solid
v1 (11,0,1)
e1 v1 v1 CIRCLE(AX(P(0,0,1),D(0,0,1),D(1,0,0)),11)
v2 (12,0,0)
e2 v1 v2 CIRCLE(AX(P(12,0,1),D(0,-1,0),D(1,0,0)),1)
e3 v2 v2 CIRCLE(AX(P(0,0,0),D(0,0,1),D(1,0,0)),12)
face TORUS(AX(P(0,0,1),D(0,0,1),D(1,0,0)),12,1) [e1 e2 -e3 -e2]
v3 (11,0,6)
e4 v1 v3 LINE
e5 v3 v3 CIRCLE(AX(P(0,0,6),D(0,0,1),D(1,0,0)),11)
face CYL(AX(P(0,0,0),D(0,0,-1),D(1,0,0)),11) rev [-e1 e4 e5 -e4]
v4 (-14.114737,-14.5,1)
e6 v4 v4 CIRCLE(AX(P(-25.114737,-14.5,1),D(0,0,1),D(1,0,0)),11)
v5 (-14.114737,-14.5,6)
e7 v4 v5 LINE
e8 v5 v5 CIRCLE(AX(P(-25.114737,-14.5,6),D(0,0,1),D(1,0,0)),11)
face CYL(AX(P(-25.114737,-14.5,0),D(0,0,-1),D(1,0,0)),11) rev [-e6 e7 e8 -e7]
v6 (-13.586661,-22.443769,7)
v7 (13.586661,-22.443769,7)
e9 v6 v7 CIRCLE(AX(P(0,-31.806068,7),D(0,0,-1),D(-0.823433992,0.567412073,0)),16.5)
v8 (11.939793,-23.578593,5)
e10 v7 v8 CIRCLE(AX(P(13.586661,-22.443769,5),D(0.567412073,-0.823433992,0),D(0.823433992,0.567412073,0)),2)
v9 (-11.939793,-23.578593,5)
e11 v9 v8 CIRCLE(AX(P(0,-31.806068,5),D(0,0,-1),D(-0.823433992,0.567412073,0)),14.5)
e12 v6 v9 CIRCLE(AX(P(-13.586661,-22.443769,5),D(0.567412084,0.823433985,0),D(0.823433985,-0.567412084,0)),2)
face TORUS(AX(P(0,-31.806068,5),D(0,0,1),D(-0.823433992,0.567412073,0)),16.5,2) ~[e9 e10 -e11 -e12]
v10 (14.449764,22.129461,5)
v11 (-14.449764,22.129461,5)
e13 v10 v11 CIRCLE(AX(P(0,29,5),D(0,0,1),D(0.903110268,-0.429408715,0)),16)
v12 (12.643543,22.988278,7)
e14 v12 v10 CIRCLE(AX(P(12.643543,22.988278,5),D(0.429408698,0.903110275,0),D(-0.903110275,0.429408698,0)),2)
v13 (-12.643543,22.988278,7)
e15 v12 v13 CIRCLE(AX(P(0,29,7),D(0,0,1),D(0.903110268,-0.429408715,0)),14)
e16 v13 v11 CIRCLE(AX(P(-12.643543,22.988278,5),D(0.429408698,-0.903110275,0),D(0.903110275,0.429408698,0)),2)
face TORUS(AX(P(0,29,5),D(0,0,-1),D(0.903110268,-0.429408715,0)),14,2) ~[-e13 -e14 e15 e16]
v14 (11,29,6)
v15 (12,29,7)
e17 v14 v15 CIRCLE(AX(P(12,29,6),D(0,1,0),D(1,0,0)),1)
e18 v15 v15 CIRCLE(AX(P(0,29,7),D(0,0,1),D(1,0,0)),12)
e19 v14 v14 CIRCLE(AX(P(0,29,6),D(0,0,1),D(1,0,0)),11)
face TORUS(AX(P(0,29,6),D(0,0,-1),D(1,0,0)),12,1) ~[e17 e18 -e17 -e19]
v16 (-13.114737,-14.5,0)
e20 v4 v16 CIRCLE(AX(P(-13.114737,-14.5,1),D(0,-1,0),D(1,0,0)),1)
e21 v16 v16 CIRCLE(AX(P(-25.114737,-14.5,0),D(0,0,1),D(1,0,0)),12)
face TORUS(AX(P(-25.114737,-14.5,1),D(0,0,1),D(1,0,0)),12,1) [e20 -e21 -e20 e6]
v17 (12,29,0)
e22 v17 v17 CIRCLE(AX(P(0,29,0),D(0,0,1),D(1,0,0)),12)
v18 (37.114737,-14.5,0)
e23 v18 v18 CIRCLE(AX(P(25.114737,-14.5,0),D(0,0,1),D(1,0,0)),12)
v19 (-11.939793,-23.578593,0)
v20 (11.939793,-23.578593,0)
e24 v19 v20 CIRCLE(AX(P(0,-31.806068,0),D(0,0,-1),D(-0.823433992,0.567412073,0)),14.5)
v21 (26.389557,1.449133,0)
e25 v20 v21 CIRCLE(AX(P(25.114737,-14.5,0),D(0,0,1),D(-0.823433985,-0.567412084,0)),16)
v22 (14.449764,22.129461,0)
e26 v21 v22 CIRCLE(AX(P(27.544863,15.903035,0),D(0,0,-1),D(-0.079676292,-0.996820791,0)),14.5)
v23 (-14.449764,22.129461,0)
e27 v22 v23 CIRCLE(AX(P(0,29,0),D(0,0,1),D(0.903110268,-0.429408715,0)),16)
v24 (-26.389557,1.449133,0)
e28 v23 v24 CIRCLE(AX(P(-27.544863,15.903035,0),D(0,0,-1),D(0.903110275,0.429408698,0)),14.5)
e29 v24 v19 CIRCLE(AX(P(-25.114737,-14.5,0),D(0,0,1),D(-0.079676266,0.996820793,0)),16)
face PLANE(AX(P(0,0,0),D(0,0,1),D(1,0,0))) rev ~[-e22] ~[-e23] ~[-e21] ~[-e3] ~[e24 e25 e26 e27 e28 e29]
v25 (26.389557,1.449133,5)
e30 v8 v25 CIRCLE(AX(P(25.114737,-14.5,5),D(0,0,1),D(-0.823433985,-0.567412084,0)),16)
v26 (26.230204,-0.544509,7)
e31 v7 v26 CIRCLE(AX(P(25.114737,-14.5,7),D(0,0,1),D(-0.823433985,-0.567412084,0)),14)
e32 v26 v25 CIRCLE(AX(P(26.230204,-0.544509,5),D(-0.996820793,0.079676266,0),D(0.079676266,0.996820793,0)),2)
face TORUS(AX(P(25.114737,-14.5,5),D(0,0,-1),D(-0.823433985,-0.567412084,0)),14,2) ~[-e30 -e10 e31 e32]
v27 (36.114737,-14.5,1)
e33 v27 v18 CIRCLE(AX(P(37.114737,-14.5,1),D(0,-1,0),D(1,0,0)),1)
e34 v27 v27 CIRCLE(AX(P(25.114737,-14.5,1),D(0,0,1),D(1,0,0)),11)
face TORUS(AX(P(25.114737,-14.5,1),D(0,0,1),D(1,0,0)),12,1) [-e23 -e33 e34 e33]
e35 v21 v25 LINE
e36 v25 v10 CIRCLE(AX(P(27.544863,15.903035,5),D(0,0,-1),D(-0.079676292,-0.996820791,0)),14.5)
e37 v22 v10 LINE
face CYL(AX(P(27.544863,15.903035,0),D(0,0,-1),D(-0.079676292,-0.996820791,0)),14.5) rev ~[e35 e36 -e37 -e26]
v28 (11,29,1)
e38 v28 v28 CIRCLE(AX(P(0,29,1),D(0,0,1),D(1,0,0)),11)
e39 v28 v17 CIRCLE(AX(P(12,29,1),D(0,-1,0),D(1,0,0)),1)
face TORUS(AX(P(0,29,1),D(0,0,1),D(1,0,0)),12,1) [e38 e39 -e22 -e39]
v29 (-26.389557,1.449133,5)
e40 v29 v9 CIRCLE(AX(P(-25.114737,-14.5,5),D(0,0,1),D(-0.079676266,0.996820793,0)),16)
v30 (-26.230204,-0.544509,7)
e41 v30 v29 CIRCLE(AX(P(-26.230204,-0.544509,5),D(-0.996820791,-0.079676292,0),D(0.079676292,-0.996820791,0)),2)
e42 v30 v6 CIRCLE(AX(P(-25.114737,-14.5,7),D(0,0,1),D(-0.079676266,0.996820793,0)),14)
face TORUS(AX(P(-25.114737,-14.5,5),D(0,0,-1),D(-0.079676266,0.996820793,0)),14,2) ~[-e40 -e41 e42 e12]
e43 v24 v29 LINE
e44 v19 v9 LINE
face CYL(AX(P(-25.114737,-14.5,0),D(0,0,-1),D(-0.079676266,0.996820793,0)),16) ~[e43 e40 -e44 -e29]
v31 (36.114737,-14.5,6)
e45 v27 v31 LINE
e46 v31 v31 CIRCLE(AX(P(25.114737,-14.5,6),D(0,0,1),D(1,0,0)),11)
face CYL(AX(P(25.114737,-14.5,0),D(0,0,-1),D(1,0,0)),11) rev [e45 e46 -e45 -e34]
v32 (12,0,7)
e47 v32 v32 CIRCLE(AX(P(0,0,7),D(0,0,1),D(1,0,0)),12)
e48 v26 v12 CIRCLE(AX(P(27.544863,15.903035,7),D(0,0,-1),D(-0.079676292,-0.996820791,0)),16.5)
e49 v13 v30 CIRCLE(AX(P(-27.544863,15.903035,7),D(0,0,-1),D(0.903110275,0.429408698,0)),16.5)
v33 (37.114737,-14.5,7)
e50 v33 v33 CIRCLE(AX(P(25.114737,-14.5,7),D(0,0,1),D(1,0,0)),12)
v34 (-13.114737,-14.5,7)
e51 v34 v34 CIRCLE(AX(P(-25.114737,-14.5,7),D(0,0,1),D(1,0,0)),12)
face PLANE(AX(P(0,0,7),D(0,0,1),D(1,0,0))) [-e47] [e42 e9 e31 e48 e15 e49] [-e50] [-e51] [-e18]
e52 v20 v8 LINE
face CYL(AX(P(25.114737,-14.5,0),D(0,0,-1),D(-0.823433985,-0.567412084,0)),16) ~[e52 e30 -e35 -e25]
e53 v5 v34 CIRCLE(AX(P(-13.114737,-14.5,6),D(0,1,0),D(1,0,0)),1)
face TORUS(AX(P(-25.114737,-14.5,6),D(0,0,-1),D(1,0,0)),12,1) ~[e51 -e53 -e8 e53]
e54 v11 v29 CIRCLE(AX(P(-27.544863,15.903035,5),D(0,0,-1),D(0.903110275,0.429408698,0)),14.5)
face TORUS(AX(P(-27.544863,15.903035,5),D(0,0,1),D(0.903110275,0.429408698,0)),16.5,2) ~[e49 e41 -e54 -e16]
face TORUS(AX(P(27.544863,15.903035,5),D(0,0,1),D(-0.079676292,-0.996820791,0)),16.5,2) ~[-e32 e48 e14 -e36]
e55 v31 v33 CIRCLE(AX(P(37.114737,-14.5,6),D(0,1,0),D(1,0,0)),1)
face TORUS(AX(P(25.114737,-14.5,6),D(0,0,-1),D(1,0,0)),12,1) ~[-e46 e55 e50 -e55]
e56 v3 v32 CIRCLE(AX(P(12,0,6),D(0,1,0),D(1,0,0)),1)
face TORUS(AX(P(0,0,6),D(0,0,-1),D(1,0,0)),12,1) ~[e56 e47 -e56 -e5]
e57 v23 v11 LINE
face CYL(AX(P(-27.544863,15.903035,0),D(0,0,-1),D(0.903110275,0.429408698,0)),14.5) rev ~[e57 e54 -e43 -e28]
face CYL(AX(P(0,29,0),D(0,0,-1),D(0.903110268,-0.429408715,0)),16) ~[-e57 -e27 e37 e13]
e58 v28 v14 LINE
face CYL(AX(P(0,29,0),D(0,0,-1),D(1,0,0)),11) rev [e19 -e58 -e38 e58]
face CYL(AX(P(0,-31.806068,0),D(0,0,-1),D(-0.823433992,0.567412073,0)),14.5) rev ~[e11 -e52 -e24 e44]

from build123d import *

# Parameters (mm, degrees)
F0_R     = 11
F1_DEPTH = 7
F2_R     = 1
F3_R     = 2


with BuildPart() as f1:
    # F0 (on Top) → F1 (new body)
    with BuildSketch(Plane.XY):
        with BuildLine():
            ThreePointArc((26.389557, 1.449133), (14.987495, 8.653034), (14.449764, 22.129461))
            ThreePointArc((14.449764, 22.129461), (0, 45), (-14.449764, 22.129461))
            ThreePointArc((-14.449764, 22.129461), (-14.987495, 8.653034), (-26.389557, 1.449133))
            ThreePointArc((-26.389557, 1.449133), (-38.971143, -22.5), (-11.939793, -23.578593))
            ThreePointArc((-11.939793, -23.578593), (0, -17.306068), (11.939793, -23.578593))
            ThreePointArc((11.939793, -23.578593), (38.971143, -22.5), (26.389557, 1.449133))
        make_face()
        with Locations((-25.114737, -14.5)):
            Circle(F0_R, mode=Mode.SUBTRACT)
        with Locations((25.114737, -14.5)):
            Circle(F0_R, mode=Mode.SUBTRACT)
        Circle(F0_R, mode=Mode.SUBTRACT)
        with Locations((0, 29)):
            Circle(F0_R, mode=Mode.SUBTRACT)
    extrude(amount=F1_DEPTH)

    # F2
    f2_edges = [f1.edges().sort_by_distance(p)[0] for p in [
        (-11, 29, 7),
        (-11, 0, 7),
        (14.114737, -14.5, 7),
        (-36.114737, -14.5, 7),
        (-36.114737, -14.5, 0),
        (-11, 0, 0),
        (14.114737, -14.5, 0),
        (-11, 29, 0),
    ]]
    fillet(f2_edges, radius=F2_R)

    # F3
    f3_edges = [f1.edges().sort_by_distance(p)[0] for p in [
        (-14.987495, 8.653034, 7),
    ]]
    fillet(f3_edges, radius=F3_R)


solid = f1.part
